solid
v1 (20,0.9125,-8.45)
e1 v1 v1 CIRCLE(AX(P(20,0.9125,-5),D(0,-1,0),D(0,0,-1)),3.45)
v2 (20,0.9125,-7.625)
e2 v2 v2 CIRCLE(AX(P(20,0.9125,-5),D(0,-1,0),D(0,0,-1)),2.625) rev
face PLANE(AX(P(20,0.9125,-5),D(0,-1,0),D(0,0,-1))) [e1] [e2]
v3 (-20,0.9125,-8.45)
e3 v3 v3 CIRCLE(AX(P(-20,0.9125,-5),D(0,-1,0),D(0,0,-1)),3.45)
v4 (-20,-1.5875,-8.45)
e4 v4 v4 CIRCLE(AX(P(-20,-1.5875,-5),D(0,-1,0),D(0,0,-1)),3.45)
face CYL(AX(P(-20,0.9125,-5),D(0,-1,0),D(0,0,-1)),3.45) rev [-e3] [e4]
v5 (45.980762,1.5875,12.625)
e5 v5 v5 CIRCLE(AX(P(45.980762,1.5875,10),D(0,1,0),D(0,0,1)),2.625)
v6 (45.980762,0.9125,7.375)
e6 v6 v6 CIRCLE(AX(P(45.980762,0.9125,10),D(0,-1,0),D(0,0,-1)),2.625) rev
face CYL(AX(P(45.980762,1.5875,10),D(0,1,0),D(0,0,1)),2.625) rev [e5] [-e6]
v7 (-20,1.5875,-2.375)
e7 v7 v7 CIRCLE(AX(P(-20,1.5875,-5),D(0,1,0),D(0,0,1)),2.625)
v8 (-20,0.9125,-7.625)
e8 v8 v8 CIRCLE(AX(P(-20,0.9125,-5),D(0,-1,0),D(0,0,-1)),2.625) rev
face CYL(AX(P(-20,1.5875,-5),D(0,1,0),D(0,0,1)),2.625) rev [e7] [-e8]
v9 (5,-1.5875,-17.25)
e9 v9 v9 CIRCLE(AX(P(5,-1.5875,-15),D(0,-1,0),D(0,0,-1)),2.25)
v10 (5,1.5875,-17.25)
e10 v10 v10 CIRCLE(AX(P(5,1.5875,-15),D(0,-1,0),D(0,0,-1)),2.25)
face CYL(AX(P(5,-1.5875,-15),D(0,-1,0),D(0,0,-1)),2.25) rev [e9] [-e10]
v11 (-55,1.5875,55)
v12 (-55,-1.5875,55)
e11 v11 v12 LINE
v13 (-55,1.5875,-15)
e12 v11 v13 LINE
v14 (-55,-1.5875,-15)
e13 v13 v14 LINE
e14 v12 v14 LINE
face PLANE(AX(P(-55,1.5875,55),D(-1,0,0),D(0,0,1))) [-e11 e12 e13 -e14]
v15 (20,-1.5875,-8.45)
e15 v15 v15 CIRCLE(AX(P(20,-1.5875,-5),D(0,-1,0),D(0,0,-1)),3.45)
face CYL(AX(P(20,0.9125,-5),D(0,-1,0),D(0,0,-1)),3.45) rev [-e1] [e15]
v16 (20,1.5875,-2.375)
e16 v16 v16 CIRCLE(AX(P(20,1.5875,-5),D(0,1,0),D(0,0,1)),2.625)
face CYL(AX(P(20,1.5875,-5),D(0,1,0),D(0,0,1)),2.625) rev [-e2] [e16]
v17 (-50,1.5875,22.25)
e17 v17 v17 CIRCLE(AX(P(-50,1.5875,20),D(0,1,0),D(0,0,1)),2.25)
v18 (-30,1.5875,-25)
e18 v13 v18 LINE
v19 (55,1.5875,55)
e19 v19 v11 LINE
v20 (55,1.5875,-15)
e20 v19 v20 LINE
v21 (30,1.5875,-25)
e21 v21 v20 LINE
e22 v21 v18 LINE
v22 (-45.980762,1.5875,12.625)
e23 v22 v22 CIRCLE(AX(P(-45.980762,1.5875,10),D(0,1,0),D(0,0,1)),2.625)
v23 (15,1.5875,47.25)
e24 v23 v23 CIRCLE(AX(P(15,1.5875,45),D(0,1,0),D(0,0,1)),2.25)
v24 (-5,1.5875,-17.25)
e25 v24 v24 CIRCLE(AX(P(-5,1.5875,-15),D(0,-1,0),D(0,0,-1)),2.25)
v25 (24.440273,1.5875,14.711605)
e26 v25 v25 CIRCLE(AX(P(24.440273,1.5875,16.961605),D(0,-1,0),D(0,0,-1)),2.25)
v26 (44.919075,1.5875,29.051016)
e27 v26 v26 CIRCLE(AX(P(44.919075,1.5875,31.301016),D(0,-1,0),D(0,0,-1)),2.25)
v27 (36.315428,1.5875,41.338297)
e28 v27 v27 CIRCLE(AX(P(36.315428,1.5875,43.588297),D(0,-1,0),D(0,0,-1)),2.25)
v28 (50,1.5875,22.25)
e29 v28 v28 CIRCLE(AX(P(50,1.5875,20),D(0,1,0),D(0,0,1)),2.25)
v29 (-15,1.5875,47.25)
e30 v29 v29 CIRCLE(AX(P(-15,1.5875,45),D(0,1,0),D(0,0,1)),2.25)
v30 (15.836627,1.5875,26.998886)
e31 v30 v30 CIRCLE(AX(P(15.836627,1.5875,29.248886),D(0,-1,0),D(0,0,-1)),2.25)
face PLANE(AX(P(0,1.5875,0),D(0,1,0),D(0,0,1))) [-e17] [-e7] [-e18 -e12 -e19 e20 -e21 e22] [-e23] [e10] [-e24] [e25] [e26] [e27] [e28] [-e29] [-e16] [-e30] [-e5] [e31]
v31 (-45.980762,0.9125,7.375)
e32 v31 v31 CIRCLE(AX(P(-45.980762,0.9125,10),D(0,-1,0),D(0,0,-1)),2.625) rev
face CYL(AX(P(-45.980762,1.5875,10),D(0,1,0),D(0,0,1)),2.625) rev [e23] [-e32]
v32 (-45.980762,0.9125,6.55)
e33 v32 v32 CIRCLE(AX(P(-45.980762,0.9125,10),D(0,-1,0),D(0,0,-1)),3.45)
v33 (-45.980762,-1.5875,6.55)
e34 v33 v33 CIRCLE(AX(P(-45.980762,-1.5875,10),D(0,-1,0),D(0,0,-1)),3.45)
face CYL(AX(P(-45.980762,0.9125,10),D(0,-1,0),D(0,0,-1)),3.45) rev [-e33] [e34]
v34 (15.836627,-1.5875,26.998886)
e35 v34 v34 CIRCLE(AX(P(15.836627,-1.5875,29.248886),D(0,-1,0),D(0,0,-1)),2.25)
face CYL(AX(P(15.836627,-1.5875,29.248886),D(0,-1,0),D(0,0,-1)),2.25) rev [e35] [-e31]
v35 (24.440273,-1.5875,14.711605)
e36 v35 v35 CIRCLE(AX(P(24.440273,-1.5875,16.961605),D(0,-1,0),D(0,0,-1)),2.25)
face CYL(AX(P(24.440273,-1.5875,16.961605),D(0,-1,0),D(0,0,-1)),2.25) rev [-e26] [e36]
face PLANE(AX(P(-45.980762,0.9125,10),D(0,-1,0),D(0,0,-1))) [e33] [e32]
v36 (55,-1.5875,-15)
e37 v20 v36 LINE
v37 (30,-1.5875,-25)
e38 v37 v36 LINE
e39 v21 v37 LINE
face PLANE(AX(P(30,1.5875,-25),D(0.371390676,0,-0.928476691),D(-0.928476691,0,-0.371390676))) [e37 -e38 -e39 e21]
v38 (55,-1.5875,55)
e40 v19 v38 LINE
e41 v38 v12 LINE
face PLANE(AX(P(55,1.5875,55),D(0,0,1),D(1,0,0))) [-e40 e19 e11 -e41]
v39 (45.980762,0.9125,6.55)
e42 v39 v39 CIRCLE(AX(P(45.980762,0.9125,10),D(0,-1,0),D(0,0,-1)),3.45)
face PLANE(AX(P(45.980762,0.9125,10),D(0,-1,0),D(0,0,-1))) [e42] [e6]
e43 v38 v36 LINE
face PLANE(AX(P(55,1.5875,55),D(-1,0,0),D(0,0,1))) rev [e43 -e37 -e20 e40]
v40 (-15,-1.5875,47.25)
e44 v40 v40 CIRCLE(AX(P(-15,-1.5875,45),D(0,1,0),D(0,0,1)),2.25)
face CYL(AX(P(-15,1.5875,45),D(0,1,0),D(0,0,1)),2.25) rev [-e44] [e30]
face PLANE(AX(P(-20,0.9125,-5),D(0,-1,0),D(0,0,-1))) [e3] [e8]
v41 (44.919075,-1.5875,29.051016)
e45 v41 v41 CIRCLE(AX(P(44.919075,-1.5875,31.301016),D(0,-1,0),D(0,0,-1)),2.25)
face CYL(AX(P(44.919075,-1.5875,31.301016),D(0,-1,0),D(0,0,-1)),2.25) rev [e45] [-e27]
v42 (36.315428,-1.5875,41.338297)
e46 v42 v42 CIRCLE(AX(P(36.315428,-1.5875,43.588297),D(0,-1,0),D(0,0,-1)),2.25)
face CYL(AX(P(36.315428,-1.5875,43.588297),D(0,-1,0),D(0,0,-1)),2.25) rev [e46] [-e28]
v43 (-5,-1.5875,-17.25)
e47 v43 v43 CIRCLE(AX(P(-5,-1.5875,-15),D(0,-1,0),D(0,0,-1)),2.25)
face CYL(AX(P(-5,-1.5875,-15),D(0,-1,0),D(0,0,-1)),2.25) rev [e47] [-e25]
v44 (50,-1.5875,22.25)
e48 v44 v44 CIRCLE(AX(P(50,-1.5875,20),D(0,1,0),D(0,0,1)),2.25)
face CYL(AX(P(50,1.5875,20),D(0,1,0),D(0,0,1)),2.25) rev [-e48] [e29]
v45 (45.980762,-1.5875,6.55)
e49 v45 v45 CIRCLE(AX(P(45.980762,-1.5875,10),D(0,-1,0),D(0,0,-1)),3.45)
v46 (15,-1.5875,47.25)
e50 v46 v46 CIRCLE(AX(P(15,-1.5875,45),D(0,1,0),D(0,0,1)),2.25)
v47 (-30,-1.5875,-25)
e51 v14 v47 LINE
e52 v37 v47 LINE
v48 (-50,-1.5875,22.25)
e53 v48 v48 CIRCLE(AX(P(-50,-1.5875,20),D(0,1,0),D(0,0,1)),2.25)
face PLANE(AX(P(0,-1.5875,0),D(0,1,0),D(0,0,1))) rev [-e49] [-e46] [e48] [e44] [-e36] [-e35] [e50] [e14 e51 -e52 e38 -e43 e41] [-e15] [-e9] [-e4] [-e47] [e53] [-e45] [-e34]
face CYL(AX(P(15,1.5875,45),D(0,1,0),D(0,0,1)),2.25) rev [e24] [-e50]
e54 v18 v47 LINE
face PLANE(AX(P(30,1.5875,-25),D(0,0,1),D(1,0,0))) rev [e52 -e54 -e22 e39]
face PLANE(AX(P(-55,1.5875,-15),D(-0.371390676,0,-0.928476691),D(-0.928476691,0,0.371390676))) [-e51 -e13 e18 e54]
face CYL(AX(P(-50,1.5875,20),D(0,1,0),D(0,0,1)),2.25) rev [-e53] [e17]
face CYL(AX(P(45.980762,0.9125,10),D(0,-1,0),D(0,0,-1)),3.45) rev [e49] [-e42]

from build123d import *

# Parameters (mm, degrees)
BOSS_EXTRUDE1_DEPTH   = 1.5875
F_1_0MM_DOWEL_HOLE1_D = 5.25
SKETCH6_R             = 3.45
CUT_EXTRUDE2_DEPTH    = 2.5
M4_CLEARANCE_HOLE1_D  = 4.5
M4_CLEARANCE_HOLE2_D  = 4.5
M4_CLEARANCE_HOLE3_D  = 4.5
M4_CLEARANCE_HOLE4_D  = 4.5


with BuildPart() as part:
    # Sketch1 → Boss-Extrude1 (new body, symmetric)
    with BuildSketch(Plane(origin=(0, 0, 0), x_dir=(1, 0, 0), z_dir=(0, 1, 0))):
        Polygon((-55, 15), (-30, 25), (30, 25), (55, 15), (55, -55), (-55, -55), align=None)
    extrude(amount=BOSS_EXTRUDE1_DEPTH, both=True)

    # Ø1.0mm Dowel Hole1 (through all)
    with Locations(Plane(origin=(0, 1.5875, 0), x_dir=(1, 0, 0), z_dir=(0, 1, 0))):
        with Locations((-20, 5), (20, 5), (45.980762114, -10), (-45.980762114, -10)):
            Hole(F_1_0MM_DOWEL_HOLE1_D / 2)

    # Sketch6 → Cut-Extrude2 (cut)
    with BuildSketch(Plane.XZ.offset(1.5875)):
        with Locations((-45.980762114, 10)):
            Circle(SKETCH6_R)
        with Locations((-20, -5)):
            Circle(SKETCH6_R)
        with Locations((20, -5)):
            Circle(SKETCH6_R)
        with Locations((45.980762114, 10)):
            Circle(SKETCH6_R)
    extrude(amount=-CUT_EXTRUDE2_DEPTH, mode=Mode.SUBTRACT)

    # M4 Clearance Hole1 (through all)
    with Locations(Plane(origin=(0, -1.5875, 0), x_dir=(-1, 0, 0), z_dir=(0, -1, 0))):
        with Locations((-24.440273443, -16.961605049), (-15.836626898, -29.248885713), (-44.91907455, -31.301015958), (-36.315428005, -43.588296622)):
            Hole(M4_CLEARANCE_HOLE1_D / 2)

    # M4 Clearance Hole2 (through all)
    with Locations(Plane(origin=(0, -1.5875, 0), x_dir=(-1, 0, 0), z_dir=(0, -1, 0))):
        with Locations((-5, 15), (5, 15)):
            Hole(M4_CLEARANCE_HOLE2_D / 2)

    # M4 Clearance Hole3 (through all)
    with Locations(Plane(origin=(0, 1.5875, 0), x_dir=(1, 0, 0), z_dir=(0, 1, 0))):
        with Locations((-15, -45), (15, -45)):
            Hole(M4_CLEARANCE_HOLE3_D / 2)

    # M4 Clearance Hole4 (through all)
    with Locations(Plane(origin=(0, 1.5875, 0), x_dir=(1, 0, 0), z_dir=(0, 1, 0))):
        with Locations((50, -20), (-50, -20)):
            Hole(M4_CLEARANCE_HOLE4_D / 2)


solid = part.part
